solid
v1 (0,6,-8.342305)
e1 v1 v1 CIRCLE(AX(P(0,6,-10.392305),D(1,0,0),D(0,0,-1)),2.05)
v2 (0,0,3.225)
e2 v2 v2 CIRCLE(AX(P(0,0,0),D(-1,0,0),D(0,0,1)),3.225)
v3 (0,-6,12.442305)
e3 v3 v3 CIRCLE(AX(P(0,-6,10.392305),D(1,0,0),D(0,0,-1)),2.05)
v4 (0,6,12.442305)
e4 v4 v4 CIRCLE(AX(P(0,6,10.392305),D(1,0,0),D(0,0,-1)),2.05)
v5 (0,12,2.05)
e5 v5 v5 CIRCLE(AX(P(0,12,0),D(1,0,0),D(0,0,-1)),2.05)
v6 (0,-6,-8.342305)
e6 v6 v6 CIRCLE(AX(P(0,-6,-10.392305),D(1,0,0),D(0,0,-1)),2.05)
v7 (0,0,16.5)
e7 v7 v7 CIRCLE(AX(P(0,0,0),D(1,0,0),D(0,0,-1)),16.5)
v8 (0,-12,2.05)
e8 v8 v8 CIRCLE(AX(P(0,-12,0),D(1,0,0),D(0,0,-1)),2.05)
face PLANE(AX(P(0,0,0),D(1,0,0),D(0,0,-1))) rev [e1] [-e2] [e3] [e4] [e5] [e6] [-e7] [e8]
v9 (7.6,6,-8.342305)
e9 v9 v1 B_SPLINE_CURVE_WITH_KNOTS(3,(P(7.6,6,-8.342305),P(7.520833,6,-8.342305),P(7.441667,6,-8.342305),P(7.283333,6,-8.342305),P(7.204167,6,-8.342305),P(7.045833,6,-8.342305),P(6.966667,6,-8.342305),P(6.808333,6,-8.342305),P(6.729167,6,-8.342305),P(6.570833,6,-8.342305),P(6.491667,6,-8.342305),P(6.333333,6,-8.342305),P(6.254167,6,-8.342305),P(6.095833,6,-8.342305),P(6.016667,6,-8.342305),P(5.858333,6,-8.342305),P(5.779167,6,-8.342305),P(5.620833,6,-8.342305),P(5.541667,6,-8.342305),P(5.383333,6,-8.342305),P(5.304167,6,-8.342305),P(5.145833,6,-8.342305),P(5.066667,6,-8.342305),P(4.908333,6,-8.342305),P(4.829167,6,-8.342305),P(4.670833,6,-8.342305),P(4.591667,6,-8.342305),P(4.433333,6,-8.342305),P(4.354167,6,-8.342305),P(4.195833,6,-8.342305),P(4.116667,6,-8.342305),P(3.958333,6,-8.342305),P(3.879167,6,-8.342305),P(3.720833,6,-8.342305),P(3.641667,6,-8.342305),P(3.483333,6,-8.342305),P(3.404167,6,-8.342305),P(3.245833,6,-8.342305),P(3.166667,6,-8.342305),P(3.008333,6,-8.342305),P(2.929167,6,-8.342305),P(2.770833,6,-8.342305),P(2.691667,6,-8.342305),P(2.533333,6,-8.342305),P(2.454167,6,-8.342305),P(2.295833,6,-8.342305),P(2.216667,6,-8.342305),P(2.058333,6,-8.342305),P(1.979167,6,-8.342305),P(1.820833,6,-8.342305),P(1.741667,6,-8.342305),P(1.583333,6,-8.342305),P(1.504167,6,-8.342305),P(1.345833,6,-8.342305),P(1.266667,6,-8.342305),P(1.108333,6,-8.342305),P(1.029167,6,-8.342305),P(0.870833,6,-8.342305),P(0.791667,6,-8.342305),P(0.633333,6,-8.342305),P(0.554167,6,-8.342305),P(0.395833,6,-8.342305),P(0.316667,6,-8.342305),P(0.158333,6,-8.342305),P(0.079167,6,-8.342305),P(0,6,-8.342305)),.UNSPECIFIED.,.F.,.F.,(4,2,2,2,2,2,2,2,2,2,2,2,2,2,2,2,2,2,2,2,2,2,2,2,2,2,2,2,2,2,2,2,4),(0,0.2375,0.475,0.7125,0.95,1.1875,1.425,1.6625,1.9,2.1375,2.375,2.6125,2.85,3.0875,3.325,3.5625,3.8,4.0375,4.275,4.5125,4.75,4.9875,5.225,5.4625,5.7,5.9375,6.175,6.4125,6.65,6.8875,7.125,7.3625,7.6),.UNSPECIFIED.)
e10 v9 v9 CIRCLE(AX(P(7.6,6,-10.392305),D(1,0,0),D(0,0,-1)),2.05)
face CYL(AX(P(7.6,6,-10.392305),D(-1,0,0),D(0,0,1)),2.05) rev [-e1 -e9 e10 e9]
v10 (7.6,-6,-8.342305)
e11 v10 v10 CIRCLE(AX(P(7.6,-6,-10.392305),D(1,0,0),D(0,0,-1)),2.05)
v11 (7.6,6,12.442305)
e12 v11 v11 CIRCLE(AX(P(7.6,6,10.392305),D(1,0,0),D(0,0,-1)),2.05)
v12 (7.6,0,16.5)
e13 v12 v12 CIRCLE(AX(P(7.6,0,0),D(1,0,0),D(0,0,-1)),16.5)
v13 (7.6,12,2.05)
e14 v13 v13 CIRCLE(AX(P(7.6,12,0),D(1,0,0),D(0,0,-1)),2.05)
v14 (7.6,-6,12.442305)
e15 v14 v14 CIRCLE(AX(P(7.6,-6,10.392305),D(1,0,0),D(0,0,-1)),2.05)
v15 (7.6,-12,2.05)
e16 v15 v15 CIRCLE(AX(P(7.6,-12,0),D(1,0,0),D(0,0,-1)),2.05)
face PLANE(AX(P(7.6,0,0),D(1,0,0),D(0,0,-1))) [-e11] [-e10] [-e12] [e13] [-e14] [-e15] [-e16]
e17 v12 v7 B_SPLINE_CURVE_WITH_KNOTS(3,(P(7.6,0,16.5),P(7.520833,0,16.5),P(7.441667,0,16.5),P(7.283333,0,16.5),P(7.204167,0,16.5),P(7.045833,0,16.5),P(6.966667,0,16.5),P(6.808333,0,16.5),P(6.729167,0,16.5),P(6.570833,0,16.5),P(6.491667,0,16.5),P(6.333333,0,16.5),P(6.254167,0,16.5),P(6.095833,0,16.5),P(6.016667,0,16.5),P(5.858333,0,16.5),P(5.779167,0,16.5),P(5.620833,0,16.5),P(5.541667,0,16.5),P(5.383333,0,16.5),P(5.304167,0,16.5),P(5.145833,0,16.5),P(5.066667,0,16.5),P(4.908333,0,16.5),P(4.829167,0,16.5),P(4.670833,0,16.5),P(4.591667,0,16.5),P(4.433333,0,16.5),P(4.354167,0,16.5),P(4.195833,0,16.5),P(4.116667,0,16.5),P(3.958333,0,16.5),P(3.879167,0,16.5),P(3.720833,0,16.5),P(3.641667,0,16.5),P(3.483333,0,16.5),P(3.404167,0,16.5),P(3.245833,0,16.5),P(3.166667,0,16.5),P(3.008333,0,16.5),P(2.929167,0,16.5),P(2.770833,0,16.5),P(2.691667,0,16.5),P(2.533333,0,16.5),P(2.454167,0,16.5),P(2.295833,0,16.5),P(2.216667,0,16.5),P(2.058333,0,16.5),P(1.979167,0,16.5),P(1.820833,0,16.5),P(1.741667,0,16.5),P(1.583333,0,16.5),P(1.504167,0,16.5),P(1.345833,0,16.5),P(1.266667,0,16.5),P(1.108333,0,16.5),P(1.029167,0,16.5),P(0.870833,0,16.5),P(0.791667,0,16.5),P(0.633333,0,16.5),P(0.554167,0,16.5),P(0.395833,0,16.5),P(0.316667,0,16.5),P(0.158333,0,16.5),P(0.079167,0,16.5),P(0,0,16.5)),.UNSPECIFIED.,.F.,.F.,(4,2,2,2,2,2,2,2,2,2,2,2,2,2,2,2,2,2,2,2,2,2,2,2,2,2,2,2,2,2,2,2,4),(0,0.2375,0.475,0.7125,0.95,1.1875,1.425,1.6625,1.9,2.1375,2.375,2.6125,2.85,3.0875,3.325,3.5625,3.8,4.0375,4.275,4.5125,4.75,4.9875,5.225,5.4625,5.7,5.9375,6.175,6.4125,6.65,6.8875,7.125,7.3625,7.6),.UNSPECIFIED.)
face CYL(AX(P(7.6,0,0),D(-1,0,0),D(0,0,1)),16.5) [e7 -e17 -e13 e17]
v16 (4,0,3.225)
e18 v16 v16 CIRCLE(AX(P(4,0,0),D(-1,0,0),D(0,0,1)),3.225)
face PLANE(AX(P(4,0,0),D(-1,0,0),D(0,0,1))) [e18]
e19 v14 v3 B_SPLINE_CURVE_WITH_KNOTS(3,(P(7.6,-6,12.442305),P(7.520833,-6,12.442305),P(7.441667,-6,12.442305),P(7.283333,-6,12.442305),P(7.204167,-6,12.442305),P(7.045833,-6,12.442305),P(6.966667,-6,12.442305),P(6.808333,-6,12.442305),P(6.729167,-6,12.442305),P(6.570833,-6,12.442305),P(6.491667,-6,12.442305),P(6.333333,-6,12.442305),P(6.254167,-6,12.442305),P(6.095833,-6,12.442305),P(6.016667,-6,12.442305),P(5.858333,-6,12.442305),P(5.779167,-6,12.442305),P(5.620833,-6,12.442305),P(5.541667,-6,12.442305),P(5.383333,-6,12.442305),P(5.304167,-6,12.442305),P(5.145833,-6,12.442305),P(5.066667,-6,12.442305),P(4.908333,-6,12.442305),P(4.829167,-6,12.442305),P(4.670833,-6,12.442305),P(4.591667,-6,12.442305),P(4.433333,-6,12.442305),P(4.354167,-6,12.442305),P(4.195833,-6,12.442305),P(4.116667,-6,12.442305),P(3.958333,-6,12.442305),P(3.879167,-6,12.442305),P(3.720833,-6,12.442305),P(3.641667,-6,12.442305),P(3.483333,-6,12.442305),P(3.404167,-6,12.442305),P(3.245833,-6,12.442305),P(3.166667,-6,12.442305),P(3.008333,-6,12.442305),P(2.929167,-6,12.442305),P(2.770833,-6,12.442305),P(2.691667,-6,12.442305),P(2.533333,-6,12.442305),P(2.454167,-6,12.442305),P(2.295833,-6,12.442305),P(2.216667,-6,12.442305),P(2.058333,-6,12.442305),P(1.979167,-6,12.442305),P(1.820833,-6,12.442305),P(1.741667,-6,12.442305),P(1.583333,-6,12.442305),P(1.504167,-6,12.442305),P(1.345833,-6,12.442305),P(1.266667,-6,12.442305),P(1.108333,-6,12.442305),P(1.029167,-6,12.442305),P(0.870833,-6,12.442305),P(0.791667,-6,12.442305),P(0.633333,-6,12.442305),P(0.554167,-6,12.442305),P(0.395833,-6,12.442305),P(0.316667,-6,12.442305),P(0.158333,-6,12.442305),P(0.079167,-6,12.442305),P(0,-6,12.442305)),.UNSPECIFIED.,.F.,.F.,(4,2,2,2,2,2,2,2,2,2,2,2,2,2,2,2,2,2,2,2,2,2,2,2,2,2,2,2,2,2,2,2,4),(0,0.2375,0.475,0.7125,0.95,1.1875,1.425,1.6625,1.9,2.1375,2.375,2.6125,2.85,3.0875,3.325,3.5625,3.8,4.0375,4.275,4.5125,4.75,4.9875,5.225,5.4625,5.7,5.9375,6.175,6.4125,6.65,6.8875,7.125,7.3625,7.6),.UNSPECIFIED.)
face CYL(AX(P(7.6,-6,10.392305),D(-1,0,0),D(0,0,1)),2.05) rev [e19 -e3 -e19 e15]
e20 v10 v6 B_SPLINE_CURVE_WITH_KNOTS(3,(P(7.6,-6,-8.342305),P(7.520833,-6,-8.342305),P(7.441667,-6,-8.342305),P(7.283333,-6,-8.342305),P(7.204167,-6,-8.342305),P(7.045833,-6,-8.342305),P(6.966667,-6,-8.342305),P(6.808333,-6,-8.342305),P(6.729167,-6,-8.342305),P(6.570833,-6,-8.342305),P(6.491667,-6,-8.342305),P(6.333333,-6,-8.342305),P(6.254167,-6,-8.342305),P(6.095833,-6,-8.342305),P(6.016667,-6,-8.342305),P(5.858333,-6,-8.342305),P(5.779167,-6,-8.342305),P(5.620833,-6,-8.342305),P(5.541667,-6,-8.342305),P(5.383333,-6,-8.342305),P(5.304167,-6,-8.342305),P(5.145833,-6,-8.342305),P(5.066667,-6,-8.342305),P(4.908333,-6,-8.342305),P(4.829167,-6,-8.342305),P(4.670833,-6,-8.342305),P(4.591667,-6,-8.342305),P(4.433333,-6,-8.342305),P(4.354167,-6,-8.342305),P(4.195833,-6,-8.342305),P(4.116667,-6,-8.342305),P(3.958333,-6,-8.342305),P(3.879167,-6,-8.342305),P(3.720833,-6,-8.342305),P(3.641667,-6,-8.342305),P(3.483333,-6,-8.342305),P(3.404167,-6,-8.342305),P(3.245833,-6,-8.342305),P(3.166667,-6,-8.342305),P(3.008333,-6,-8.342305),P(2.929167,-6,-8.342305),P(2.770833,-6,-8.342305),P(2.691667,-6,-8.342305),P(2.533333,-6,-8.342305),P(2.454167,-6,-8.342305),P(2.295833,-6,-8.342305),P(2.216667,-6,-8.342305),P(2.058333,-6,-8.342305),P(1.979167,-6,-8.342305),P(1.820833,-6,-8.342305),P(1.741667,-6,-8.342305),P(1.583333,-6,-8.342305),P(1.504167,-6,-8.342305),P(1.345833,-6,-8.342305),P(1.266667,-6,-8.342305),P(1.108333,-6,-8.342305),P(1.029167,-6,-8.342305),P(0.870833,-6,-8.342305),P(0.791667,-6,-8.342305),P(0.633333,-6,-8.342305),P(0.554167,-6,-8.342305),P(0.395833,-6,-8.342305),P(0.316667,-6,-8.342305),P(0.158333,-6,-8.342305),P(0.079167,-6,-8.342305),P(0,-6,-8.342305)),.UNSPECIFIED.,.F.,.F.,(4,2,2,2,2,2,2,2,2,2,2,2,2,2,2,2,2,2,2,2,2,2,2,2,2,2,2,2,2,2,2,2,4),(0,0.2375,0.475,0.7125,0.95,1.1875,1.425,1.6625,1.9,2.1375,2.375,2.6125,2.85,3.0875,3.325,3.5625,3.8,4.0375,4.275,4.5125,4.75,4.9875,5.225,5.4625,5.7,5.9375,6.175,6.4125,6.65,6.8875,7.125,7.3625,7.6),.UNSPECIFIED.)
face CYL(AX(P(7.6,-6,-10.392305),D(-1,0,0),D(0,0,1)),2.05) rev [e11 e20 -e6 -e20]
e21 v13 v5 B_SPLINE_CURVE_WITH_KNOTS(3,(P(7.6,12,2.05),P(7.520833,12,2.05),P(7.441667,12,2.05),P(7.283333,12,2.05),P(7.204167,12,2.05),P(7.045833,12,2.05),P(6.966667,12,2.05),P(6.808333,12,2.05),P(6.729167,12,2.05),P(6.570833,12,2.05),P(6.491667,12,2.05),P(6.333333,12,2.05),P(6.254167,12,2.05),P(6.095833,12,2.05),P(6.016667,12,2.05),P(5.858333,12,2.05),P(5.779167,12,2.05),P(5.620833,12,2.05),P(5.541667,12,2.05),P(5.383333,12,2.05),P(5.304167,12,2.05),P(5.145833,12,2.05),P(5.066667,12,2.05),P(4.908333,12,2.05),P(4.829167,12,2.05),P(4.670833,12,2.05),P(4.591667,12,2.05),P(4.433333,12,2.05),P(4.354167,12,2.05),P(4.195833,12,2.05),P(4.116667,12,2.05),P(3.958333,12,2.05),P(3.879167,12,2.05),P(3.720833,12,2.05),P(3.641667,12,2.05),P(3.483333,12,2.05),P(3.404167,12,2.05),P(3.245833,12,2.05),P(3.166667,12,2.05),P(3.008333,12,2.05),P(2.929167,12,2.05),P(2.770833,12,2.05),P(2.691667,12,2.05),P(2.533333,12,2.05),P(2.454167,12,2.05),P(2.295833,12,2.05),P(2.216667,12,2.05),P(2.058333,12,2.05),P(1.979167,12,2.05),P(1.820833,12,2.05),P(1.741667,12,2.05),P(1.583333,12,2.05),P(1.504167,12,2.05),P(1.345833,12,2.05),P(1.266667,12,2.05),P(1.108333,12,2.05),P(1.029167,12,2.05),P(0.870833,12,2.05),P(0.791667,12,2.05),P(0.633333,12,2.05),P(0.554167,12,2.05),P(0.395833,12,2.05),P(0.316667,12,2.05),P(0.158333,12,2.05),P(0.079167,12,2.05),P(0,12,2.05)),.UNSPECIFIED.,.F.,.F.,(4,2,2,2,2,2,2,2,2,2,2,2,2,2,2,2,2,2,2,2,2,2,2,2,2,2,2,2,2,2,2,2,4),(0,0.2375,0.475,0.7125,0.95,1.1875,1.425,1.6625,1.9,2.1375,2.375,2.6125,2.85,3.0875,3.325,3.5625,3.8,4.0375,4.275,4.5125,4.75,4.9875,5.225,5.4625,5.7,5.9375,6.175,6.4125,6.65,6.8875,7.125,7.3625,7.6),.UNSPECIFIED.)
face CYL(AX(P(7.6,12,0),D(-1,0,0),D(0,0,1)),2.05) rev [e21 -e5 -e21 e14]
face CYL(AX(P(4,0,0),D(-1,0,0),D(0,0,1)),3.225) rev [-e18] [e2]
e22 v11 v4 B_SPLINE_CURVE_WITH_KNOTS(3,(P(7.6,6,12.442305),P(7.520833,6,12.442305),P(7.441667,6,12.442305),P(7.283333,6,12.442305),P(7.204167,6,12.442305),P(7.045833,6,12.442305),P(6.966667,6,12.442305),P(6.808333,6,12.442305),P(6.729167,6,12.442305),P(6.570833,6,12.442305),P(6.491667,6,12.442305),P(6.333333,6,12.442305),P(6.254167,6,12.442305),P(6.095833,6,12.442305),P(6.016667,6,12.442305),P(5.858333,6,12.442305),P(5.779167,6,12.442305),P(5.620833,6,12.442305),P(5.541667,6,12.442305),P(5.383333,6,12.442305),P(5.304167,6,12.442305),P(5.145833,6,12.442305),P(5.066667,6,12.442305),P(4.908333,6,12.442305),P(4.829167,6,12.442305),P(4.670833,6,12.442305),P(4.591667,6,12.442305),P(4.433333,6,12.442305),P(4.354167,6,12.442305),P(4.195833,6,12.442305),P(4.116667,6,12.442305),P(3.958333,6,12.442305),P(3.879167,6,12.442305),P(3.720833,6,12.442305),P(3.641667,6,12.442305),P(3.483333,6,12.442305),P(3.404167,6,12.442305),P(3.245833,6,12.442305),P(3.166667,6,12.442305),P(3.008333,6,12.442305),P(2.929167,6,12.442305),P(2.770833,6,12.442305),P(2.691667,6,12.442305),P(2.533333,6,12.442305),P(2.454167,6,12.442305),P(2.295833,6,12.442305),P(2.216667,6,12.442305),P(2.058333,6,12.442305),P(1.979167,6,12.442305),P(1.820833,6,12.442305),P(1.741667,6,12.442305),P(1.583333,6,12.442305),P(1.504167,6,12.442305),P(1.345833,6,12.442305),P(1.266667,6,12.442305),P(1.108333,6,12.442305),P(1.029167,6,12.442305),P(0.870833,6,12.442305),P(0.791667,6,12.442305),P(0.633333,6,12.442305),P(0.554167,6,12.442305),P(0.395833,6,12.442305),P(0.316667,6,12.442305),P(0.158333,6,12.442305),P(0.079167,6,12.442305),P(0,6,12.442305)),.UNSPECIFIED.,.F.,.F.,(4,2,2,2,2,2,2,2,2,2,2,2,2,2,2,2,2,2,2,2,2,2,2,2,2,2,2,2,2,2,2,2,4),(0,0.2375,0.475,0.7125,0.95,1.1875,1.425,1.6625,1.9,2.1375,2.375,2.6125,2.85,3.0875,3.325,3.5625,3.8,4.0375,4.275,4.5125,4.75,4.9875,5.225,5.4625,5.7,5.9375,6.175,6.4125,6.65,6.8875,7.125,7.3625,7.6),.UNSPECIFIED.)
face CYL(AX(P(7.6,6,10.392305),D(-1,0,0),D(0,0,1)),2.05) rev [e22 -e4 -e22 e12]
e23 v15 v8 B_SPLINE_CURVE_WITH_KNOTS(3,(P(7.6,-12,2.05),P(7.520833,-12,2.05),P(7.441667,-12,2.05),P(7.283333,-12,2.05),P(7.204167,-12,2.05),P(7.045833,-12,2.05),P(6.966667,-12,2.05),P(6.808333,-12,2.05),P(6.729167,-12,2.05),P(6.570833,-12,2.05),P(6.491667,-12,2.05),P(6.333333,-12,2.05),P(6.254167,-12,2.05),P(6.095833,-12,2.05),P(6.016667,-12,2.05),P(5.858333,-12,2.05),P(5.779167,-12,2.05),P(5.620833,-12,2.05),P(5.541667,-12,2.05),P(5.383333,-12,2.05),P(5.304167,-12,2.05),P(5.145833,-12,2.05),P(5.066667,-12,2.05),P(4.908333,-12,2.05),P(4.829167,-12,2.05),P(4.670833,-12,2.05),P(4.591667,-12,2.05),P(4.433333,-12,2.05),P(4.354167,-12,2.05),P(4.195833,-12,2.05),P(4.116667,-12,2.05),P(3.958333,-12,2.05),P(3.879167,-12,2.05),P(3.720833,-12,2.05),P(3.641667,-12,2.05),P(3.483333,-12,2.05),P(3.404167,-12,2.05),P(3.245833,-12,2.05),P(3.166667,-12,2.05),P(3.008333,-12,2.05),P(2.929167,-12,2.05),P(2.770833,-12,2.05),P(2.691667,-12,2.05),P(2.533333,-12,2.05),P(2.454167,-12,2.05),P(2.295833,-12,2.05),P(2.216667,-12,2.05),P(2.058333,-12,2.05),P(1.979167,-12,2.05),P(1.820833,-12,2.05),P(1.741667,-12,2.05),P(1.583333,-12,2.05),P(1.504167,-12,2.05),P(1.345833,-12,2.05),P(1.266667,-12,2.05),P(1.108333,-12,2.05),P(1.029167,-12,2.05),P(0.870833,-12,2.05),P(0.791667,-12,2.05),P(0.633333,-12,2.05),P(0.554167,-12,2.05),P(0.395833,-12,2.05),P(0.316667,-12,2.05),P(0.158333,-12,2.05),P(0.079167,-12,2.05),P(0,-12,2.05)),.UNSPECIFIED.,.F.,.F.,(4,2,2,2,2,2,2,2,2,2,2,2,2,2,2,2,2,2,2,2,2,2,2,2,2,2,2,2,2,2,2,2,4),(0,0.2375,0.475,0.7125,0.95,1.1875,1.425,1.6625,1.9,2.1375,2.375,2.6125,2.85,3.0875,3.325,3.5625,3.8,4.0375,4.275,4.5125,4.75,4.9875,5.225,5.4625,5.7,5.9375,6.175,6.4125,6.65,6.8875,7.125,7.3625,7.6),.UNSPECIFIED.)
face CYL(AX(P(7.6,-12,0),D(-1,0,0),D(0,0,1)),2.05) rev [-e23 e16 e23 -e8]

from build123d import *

# Parameters (mm, degrees)
SKETCH_1_R          = 16.5
SKETCH_1_R_2        = 2.05
EXTRUDE_1_DEPTH     = 7.6
SKETCH_2_R          = 3.225
CUT_EXTRUDE_1_DEPTH = 4


with BuildPart() as part:
    # 草图1 → 凸台-拉伸1 (new body)
    with BuildSketch(Plane(origin=(0, 0, 0), x_dir=(0, 0, -1), z_dir=(1, 0, 0))):
        with Locations(Location((0, 0, 0), (0, 0, 180))):
            Circle(SKETCH_1_R)
        with Locations(Location((0, 12, 0), (0, 0, 180))):
            Circle(SKETCH_1_R_2, mode=Mode.SUBTRACT)
        with Locations(Location((10.392304845, 6, 0), (0, 0, 180))):
            Circle(SKETCH_1_R_2, mode=Mode.SUBTRACT)
        with Locations(Location((10.392304845, -6, 0), (0, 0, 180))):
            Circle(SKETCH_1_R_2, mode=Mode.SUBTRACT)
        with Locations(Location((0, -12, 0), (0, 0, 180))):
            Circle(SKETCH_1_R_2, mode=Mode.SUBTRACT)
        with Locations(Location((-10.392304845, -6, 0), (0, 0, 180))):
            Circle(SKETCH_1_R_2, mode=Mode.SUBTRACT)
        with Locations(Location((-10.392304845, 6, 0), (0, 0, 180))):
            Circle(SKETCH_1_R_2, mode=Mode.SUBTRACT)
    extrude(amount=EXTRUDE_1_DEPTH)

    # 草图2 → 切除-拉伸1 (cut)
    with BuildSketch(Plane.ZY):
        Circle(SKETCH_2_R)
    extrude(amount=-CUT_EXTRUDE_1_DEPTH, mode=Mode.SUBTRACT)


solid = part.part
